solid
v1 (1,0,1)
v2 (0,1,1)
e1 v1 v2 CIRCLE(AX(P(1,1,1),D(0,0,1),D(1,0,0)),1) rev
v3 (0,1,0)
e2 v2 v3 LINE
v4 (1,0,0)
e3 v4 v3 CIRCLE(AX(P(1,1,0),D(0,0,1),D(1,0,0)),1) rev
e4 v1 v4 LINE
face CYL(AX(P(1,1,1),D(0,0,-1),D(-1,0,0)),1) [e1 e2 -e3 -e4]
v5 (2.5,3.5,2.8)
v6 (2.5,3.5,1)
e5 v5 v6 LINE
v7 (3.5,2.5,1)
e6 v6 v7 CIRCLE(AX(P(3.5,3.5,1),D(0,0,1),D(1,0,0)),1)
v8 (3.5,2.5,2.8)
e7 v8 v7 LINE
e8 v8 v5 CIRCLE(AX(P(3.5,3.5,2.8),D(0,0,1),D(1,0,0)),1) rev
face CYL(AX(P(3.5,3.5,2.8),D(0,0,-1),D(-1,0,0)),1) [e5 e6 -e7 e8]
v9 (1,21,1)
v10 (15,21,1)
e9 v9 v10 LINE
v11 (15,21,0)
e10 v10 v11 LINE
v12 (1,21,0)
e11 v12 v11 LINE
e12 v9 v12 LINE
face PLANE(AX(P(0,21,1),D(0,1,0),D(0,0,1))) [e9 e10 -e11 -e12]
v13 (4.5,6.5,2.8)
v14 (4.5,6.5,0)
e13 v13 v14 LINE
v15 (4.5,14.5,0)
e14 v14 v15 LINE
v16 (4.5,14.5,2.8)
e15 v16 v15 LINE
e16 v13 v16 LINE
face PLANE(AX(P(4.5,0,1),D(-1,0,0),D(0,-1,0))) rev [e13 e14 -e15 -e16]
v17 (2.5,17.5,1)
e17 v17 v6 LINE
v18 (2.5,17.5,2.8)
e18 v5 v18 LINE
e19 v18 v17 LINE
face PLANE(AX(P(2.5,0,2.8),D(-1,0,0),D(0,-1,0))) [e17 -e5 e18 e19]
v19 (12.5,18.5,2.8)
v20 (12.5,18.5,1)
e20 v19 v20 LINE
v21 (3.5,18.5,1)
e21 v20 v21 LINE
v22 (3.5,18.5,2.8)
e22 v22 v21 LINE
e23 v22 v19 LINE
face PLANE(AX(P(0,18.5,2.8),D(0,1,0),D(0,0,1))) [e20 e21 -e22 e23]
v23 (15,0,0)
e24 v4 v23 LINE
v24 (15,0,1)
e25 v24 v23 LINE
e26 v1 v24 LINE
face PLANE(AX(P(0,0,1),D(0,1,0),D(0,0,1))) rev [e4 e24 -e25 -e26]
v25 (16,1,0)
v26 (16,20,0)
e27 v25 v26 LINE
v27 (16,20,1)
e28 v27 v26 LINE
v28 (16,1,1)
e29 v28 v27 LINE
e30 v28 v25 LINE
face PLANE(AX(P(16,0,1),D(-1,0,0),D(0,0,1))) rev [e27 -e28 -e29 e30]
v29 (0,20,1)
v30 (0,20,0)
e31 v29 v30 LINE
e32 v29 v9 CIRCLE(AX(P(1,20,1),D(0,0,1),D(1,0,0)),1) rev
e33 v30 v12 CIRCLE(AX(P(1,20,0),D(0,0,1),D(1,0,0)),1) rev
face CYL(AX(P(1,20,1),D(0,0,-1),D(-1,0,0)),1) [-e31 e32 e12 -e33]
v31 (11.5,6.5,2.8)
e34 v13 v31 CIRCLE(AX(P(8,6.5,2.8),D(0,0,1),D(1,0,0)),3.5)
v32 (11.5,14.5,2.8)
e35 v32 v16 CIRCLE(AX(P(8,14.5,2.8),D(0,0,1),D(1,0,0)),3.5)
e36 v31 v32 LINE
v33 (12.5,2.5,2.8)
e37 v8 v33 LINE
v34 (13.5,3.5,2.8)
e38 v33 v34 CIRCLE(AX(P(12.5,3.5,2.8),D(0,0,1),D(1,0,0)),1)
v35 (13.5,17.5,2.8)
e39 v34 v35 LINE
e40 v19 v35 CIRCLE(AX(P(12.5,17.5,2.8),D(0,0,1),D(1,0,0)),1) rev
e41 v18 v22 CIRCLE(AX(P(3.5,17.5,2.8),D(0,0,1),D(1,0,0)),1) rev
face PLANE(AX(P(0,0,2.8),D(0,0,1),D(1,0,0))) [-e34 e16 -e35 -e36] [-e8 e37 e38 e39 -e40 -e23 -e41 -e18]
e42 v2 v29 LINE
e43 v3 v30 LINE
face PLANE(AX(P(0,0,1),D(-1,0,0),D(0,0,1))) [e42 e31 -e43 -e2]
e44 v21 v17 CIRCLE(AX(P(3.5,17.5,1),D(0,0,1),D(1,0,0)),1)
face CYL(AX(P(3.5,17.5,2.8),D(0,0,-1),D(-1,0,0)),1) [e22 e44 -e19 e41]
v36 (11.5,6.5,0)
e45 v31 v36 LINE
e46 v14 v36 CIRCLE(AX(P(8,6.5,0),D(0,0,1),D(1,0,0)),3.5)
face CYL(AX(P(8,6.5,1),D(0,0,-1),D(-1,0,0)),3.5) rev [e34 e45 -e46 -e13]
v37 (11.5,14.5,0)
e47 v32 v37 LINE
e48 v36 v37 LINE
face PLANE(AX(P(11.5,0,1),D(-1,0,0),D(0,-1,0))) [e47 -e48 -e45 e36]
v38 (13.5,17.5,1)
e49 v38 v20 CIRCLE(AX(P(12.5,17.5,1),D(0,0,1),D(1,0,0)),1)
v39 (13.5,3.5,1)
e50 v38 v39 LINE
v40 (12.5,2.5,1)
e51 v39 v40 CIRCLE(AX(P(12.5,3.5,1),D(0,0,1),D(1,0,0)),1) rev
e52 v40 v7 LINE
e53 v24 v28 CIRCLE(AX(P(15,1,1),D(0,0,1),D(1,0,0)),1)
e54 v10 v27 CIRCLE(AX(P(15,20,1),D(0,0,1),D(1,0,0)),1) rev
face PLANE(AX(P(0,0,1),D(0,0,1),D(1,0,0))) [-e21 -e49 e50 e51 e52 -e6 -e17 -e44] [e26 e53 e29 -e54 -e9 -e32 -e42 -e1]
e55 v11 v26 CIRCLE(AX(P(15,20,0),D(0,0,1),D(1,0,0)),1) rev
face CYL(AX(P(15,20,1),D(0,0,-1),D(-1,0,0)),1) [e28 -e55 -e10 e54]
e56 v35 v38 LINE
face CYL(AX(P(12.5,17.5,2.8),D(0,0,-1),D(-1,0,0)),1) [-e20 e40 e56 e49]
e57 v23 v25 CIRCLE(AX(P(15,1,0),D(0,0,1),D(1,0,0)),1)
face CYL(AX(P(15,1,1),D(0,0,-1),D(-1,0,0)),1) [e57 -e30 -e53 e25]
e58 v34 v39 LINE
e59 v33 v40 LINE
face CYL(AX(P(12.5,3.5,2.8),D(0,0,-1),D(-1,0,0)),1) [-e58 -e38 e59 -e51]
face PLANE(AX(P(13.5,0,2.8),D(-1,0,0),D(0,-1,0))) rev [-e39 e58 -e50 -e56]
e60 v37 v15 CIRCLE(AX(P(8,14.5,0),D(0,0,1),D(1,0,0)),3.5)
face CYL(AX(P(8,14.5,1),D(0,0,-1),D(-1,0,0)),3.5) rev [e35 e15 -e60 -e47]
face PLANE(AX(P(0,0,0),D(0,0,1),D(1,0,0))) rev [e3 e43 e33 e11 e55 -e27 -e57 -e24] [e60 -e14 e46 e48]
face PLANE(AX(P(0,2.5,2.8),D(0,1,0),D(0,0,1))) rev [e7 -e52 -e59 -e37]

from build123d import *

# Parameters (mm, degrees)
RESSALTO_EXTRUS_O1_DEPTH = 1
RESSALTO_EXTRUS_O3_DEPTH = 2.8


with BuildPart() as part:
    # Esboço1 → Ressalto-extrusão1 (new body)
    with BuildSketch(Plane.XY):
        with BuildLine():
            ThreePointArc((0, 1), (0.292893219, 0.292893219), (1, 0))
            Line((1, 0), (15, 0))
            ThreePointArc((15, 0), (15.707106781, 0.292893219), (16, 1))
            Line((16, 1), (16, 20))
            ThreePointArc((16, 20), (15.707106781, 20.707106781), (15, 21))
            Line((15, 21), (1, 21))
            ThreePointArc((1, 21), (0.292893219, 20.707106781), (0, 20))
            Line((0, 20), (0, 1))
        make_face()
        with BuildLine():
            ThreePointArc((11.5, 6.5), (8, 3), (4.5, 6.5))
            Line((4.5, 6.5), (4.5, 14.5))
            ThreePointArc((4.5, 14.5), (8, 18), (11.5, 14.5))
            Line((11.5, 14.5), (11.5, 6.5))
        make_face(mode=Mode.SUBTRACT)
    extrude(amount=RESSALTO_EXTRUS_O1_DEPTH)

    # Esboço1<4> → Ressalto-extrusão3 (add)
    with BuildSketch(Plane.XY):
        with BuildLine():
            ThreePointArc((2.5, 3.5), (2.792893219, 2.792893219), (3.5, 2.5))
            Line((3.5, 2.5), (12.5, 2.5))
            ThreePointArc((12.5, 2.5), (13.207106781, 2.792893219), (13.5, 3.5))
            Line((13.5, 3.5), (13.5, 17.5))
            ThreePointArc((13.5, 17.5), (13.207106781, 18.207106781), (12.5, 18.5))
            Line((12.5, 18.5), (3.5, 18.5))
            ThreePointArc((3.5, 18.5), (2.792893219, 18.207106781), (2.5, 17.5))
            Line((2.5, 17.5), (2.5, 3.5))
        make_face()
        with BuildLine():
            ThreePointArc((11.5, 6.5), (8, 3), (4.5, 6.5))
            Line((4.5, 6.5), (4.5, 14.5))
            ThreePointArc((4.5, 14.5), (8, 18), (11.5, 14.5))
            Line((11.5, 14.5), (11.5, 6.5))
        make_face(mode=Mode.SUBTRACT)
    extrude(amount=RESSALTO_EXTRUS_O3_DEPTH)


solid = part.part
